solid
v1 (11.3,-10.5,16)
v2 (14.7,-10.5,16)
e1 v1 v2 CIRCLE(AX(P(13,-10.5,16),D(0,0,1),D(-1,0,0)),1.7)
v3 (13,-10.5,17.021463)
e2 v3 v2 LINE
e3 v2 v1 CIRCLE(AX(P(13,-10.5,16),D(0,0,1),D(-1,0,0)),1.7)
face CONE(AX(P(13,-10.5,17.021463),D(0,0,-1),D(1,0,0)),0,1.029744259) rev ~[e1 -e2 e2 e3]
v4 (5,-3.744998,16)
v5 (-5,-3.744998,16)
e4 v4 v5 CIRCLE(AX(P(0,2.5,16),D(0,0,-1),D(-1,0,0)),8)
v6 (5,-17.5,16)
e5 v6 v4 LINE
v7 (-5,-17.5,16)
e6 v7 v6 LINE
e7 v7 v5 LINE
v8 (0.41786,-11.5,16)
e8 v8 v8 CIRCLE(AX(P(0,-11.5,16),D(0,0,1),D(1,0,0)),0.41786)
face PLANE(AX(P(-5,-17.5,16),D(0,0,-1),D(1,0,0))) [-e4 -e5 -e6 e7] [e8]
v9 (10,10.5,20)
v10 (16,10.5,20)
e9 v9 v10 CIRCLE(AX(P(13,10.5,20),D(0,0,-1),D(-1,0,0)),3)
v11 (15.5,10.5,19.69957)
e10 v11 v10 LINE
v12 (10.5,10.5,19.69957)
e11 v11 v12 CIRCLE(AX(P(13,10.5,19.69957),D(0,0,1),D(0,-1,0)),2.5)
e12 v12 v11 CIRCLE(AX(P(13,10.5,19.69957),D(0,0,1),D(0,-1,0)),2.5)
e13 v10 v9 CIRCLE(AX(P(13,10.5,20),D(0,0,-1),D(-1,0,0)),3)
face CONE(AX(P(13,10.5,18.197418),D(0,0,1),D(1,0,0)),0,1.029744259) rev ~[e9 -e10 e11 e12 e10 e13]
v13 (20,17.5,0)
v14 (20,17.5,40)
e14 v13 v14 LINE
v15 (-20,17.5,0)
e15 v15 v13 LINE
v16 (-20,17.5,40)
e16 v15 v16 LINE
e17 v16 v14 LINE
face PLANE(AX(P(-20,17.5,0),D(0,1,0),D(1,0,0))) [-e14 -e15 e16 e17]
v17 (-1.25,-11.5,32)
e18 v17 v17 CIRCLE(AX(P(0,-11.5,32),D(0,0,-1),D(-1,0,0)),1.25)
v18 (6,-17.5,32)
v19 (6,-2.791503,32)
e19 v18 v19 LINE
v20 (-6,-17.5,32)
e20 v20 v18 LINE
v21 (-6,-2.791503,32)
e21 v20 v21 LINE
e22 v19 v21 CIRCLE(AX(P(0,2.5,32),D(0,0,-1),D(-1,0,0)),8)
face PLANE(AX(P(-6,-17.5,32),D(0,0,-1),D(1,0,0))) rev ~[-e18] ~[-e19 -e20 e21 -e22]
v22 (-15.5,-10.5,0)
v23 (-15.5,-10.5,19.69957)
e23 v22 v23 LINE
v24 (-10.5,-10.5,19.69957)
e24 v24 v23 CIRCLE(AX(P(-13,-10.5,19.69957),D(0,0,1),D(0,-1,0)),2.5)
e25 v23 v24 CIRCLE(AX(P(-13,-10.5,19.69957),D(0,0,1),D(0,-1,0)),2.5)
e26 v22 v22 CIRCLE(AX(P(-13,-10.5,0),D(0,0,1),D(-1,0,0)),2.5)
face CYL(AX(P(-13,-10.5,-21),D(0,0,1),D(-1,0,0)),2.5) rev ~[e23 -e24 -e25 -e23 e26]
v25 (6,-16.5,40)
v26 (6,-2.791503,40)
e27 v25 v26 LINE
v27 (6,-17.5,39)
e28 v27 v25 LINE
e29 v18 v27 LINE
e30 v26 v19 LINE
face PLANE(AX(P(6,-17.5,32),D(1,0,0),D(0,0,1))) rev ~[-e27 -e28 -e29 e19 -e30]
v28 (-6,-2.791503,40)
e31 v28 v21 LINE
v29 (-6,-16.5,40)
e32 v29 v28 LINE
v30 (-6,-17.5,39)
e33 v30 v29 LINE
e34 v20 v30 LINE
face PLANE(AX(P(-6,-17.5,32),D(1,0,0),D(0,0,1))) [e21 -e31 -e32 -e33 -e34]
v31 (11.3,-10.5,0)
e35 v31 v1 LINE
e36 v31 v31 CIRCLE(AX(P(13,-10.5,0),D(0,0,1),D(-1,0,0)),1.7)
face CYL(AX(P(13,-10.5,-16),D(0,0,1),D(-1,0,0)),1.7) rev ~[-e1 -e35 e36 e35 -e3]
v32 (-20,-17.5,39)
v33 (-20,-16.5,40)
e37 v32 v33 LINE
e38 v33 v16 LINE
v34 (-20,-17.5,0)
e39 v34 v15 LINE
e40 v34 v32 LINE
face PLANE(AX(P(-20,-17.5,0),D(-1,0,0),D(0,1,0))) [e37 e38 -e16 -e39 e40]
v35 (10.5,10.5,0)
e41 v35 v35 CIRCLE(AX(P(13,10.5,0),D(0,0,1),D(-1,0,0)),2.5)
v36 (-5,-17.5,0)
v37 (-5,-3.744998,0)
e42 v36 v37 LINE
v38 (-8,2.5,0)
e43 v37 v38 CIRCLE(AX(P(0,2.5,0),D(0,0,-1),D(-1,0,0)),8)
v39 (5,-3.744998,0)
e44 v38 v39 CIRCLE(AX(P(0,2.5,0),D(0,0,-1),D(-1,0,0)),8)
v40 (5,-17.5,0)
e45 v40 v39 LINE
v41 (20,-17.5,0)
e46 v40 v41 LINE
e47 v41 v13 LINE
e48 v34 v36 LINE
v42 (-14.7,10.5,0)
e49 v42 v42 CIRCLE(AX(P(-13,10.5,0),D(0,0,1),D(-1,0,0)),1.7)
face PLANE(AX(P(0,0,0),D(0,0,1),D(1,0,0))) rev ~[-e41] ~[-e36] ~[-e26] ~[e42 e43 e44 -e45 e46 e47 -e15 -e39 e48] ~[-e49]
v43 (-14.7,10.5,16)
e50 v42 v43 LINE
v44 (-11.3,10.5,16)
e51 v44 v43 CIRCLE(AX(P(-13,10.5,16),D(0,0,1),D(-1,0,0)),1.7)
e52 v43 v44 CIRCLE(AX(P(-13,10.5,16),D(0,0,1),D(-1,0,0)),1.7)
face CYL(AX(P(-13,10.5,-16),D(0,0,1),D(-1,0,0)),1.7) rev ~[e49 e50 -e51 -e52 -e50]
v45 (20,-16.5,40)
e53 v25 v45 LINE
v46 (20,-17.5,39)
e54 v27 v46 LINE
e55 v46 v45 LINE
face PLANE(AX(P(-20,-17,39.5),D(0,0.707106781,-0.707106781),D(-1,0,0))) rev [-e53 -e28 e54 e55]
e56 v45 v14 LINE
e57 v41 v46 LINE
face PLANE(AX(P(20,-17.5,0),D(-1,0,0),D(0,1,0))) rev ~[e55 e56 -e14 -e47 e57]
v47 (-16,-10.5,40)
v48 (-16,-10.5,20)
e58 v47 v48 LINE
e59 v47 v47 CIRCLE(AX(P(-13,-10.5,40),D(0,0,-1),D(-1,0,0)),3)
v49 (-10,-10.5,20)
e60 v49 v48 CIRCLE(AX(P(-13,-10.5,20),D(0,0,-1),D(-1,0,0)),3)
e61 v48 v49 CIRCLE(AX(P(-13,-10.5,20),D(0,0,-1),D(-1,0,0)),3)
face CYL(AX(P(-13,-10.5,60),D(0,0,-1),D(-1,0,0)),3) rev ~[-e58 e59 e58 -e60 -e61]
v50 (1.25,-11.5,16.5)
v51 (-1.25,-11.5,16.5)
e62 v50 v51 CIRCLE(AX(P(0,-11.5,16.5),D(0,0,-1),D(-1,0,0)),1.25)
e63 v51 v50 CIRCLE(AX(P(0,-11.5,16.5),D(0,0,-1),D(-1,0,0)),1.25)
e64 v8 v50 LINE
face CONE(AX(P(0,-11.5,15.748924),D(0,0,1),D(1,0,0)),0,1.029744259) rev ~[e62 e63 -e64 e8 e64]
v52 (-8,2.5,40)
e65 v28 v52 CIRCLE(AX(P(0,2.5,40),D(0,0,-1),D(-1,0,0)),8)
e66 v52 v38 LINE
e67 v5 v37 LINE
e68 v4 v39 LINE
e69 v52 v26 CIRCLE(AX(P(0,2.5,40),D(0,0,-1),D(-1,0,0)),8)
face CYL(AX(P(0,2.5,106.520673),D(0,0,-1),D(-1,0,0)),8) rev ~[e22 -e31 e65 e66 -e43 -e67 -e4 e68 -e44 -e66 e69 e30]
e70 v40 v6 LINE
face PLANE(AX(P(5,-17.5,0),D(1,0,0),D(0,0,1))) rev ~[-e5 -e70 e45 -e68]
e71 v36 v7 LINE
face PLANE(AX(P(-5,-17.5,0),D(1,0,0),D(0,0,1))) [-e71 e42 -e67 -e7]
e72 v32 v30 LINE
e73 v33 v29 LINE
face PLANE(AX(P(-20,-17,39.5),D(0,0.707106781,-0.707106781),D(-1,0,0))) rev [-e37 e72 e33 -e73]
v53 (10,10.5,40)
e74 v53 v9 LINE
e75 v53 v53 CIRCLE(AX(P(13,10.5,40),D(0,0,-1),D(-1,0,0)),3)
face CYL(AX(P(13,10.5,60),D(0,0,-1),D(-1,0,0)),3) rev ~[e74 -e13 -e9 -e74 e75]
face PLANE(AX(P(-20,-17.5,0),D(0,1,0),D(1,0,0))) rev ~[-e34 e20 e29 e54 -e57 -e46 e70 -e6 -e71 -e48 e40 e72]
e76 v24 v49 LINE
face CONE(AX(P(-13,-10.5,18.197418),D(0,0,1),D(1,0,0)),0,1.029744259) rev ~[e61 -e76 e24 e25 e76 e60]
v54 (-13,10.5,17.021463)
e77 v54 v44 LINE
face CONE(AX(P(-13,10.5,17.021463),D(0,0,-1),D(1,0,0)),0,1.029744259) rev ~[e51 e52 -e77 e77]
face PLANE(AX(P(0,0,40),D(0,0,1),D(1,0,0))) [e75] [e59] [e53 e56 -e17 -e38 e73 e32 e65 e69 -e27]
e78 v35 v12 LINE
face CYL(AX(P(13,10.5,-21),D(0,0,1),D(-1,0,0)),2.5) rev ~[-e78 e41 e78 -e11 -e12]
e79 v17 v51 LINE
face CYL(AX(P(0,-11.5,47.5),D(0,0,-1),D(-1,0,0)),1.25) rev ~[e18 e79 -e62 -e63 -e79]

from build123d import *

# Parameters (mm, degrees)
F0_W      = 40
F0_H      = 35
F1_DEPTH  = 40
F2_SIZE   = 1
F5_D      = 16
F6_W      = 12
F6_H      = 8
F7_DEPTH  = 25
F8_W      = 10
F8_H      = 16
F9_DEPTH  = 13.7560020016
F11_D     = 6
F11_DEPTH = 20
F11_TIP   = 1.8025818571
F13_D     = 3.4
F13_DEPTH = 16
F13_TIP   = 1.0214630523
F15_D     = 5
F15_DEPTH = 21
F15_TIP   = 1.5021515476
F17_D     = 2.5
F17_DEPTH = 15.5
F17_TIP   = 0.7510757738


with BuildPart() as f1:
    # F0 (on Top) → F1 (new body)
    with BuildSketch(Plane.XY):
        Rectangle(F0_W, F0_H)
    extrude(amount=F1_DEPTH)

    # F2
    f2_edges = [f1.edges().sort_by_distance(p)[0] for p in [
        (0, -17.5, 40),
    ]]
    chamfer(f2_edges, length=F2_SIZE)

    # F5 (through all)
    with Locations(Plane.XY.offset(40)):
        with Locations((0, 2.5)):
            Hole(F5_D / 2)

    # F6 (on face) → F7 (cut)
    with BuildSketch(Plane.XZ.offset(17.5)):
        with Locations((0, 36)):
            Rectangle(F6_W, F6_H)
    extrude(amount=-F7_DEPTH, mode=Mode.SUBTRACT)

    # F8 (on face) → F9 (cut, through all)
    with BuildSketch(Plane.XZ.offset(17.5)):
        with Locations((0, 8)):
            Rectangle(F8_W, F8_H)
    extrude(amount=-F9_DEPTH, mode=Mode.SUBTRACT)

    # F11
    with Locations(Plane.XY.offset(40)):
        with Locations((13, 10.5), (-13, -10.5)):
            Hole(F11_D / 2, depth=F11_DEPTH)
            with Locations((0, 0, -(F11_DEPTH + F11_TIP / 2))):  # 118° drill point
                Cone(0, F11_D / 2, F11_TIP, mode=Mode.SUBTRACT)

    # F13
    with Locations(Plane(origin=(0, 0, 0), x_dir=(1, 0, 0), z_dir=(0, 0, -1))):
        with Locations((-13, -10.5), (13, 10.5)):
            Hole(F13_D / 2, depth=F13_DEPTH)
            with Locations((0, 0, -(F13_DEPTH + F13_TIP / 2))):  # 118° drill point
                Cone(0, F13_D / 2, F13_TIP, mode=Mode.SUBTRACT)

    # F15
    with Locations(Plane(origin=(0, 0, 0), x_dir=(1, 0, 0), z_dir=(0, 0, -1))):
        with Locations((-13, 10.5), (13, -10.5)):
            Hole(F15_D / 2, depth=F15_DEPTH)
            with Locations((0, 0, -(F15_DEPTH + F15_TIP / 2))):  # 118° drill point
                Cone(0, F15_D / 2, F15_TIP, mode=Mode.SUBTRACT)

    # F17
    with Locations(Plane.XY.offset(32)):
        with Locations((0, -11.5)):
            Hole(F17_D / 2, depth=F17_DEPTH)
            with Locations((0, 0, -(F17_DEPTH + F17_TIP / 2))):  # 118° drill point
                Cone(0, F17_D / 2, F17_TIP, mode=Mode.SUBTRACT)


solid = f1.part
